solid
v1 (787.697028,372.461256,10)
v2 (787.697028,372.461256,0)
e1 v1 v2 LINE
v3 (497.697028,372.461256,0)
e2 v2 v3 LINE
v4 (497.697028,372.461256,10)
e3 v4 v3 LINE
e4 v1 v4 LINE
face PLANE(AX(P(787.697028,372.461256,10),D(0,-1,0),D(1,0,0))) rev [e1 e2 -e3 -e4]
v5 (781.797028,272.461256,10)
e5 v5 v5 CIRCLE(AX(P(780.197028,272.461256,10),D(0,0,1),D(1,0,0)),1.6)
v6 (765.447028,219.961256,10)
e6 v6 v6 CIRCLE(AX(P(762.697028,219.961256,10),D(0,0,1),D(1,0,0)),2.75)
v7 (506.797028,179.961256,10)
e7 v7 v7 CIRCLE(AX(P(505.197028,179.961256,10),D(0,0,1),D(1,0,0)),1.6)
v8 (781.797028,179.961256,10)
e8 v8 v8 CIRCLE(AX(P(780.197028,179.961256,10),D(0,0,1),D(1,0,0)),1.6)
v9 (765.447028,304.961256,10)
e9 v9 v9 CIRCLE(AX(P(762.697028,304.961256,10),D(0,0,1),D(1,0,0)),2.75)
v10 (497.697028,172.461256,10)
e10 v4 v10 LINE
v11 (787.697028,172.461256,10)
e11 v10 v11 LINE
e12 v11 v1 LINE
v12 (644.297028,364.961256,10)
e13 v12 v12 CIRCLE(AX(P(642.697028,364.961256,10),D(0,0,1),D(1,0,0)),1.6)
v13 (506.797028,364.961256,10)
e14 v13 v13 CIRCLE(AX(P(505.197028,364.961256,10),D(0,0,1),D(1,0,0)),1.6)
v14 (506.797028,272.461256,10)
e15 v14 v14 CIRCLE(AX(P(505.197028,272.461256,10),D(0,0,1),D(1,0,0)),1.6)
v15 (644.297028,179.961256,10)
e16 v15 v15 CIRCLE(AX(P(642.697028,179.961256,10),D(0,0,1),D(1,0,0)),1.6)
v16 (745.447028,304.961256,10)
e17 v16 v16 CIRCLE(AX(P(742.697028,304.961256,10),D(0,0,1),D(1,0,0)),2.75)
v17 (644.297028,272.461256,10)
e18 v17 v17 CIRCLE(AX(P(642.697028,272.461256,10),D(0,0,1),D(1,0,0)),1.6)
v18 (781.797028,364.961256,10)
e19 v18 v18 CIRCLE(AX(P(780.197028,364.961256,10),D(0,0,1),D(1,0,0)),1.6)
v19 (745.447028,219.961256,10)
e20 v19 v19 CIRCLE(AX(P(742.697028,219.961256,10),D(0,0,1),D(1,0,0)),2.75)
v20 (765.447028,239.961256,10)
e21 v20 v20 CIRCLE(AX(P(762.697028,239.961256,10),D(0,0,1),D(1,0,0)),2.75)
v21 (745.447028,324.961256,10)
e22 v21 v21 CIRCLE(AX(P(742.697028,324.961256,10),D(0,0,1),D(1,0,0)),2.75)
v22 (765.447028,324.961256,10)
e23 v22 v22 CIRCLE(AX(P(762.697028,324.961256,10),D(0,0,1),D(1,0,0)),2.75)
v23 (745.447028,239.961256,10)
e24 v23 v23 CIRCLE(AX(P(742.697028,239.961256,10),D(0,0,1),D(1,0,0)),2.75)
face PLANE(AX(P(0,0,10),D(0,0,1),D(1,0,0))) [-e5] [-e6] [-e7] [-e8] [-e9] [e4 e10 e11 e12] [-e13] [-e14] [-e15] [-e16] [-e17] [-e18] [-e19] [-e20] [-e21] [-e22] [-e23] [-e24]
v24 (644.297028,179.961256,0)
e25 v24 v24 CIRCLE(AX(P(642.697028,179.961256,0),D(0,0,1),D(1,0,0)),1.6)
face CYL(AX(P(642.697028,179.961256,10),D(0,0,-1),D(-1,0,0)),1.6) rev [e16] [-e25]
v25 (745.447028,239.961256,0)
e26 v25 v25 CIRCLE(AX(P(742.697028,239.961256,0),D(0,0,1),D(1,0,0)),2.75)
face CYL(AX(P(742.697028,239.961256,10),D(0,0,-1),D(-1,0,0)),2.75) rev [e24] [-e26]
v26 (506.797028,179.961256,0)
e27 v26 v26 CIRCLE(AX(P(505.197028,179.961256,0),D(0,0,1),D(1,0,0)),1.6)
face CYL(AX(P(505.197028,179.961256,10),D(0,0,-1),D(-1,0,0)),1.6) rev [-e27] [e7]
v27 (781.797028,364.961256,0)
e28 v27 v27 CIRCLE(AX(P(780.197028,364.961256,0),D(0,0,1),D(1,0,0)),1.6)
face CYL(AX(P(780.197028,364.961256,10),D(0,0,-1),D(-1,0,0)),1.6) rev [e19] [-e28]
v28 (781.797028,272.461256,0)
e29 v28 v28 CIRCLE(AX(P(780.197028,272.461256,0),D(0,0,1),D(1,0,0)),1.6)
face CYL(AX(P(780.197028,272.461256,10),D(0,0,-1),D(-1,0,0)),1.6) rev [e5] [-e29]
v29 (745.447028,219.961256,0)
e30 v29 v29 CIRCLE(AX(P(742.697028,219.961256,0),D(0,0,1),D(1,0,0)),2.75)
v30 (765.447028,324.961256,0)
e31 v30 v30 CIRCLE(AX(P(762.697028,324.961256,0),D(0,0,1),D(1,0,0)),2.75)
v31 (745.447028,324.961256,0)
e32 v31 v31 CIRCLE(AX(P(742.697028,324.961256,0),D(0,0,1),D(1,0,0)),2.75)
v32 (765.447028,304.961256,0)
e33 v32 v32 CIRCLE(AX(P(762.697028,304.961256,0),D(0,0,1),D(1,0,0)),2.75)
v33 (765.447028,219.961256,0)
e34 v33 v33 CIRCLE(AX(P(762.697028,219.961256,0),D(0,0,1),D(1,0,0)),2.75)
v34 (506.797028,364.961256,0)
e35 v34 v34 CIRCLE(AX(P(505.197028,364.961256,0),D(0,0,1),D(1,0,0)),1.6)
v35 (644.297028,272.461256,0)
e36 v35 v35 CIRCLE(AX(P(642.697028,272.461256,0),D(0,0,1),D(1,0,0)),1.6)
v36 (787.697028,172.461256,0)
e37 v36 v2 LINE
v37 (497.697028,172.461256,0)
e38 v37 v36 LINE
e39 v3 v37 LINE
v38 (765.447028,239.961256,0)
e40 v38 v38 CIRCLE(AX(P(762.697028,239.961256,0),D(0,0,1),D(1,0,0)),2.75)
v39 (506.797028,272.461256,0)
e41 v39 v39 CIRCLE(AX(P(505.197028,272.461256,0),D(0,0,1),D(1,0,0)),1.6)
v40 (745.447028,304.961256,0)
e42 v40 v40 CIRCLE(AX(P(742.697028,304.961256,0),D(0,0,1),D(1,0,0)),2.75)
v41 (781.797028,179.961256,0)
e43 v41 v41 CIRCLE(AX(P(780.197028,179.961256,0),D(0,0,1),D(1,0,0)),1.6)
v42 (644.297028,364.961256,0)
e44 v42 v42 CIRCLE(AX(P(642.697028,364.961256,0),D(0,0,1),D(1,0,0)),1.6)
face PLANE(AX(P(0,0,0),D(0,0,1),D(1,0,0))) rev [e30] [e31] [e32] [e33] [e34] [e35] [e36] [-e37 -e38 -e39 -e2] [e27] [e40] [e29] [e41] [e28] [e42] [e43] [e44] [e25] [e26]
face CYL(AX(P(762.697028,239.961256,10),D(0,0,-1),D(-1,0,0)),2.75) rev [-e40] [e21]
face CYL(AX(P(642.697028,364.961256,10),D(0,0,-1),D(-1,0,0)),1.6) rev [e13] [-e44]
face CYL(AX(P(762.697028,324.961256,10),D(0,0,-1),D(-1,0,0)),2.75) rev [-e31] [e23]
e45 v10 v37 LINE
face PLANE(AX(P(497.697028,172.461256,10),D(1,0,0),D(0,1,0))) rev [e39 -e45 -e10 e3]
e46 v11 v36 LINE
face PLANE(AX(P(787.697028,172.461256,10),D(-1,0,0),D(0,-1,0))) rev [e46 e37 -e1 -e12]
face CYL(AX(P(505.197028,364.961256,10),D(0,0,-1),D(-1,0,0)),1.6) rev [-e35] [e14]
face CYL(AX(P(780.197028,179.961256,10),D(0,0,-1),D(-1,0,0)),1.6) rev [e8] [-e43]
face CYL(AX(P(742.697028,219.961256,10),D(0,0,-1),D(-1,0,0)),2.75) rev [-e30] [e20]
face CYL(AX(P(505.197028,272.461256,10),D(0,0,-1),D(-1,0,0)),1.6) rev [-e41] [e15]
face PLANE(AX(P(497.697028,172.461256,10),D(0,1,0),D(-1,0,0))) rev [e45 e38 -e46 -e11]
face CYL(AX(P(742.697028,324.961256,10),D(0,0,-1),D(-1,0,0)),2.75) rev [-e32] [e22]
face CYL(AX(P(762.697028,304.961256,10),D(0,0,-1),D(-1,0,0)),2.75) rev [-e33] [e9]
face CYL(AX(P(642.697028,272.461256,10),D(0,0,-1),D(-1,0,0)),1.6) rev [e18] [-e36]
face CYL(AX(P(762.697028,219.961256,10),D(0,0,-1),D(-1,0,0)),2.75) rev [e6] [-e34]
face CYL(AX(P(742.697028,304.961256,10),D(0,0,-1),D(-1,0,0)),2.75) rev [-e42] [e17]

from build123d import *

# Parameters (mm, degrees)
MODEL_W         = 290
MODEL_H         = 200
MODEL_R         = 2.75
MODEL_R_2       = 1.6
EXTRUDE_1_DEPTH = 10


with BuildPart() as part:
    # Model → 凸台-拉伸1 (new body)
    with BuildSketch(Plane.XY):
        with Locations((642.697027816, 272.461256116)):
            Rectangle(MODEL_W, MODEL_H)
        with Locations((742.697027816, 219.961256116)):
            Circle(MODEL_R, mode=Mode.SUBTRACT)
        with Locations((762.697027816, 219.961256116)):
            Circle(MODEL_R, mode=Mode.SUBTRACT)
        with Locations((742.697027816, 239.961256116)):
            Circle(MODEL_R, mode=Mode.SUBTRACT)
        with Locations((762.697027816, 239.961256116)):
            Circle(MODEL_R, mode=Mode.SUBTRACT)
        with Locations((742.697027816, 324.961256116)):
            Circle(MODEL_R, mode=Mode.SUBTRACT)
        with Locations((762.697027816, 324.961256116)):
            Circle(MODEL_R, mode=Mode.SUBTRACT)
        with Locations((742.697027816, 304.961256116)):
            Circle(MODEL_R, mode=Mode.SUBTRACT)
        with Locations((762.697027816, 304.961256116)):
            Circle(MODEL_R, mode=Mode.SUBTRACT)
        with Locations((642.697027816, 364.961256116)):
            Circle(MODEL_R_2, mode=Mode.SUBTRACT)
        with Locations((642.697027816, 179.961256116)):
            Circle(MODEL_R_2, mode=Mode.SUBTRACT)
        with Locations((505.197027816, 272.461256116)):
            Circle(MODEL_R_2, mode=Mode.SUBTRACT)
        with Locations((780.197027816, 272.461256116)):
            Circle(MODEL_R_2, mode=Mode.SUBTRACT)
        with Locations((642.697027816, 272.461256116)):
            Circle(MODEL_R_2, mode=Mode.SUBTRACT)
        with Locations((780.197027816, 364.961256116)):
            Circle(MODEL_R_2, mode=Mode.SUBTRACT)
        with Locations((505.197027816, 364.961256116)):
            Circle(MODEL_R_2, mode=Mode.SUBTRACT)
        with Locations((780.197027816, 179.961256116)):
            Circle(MODEL_R_2, mode=Mode.SUBTRACT)
        with Locations((505.197027816, 179.961256116)):
            Circle(MODEL_R_2, mode=Mode.SUBTRACT)
    extrude(amount=EXTRUDE_1_DEPTH)


solid = part.part
